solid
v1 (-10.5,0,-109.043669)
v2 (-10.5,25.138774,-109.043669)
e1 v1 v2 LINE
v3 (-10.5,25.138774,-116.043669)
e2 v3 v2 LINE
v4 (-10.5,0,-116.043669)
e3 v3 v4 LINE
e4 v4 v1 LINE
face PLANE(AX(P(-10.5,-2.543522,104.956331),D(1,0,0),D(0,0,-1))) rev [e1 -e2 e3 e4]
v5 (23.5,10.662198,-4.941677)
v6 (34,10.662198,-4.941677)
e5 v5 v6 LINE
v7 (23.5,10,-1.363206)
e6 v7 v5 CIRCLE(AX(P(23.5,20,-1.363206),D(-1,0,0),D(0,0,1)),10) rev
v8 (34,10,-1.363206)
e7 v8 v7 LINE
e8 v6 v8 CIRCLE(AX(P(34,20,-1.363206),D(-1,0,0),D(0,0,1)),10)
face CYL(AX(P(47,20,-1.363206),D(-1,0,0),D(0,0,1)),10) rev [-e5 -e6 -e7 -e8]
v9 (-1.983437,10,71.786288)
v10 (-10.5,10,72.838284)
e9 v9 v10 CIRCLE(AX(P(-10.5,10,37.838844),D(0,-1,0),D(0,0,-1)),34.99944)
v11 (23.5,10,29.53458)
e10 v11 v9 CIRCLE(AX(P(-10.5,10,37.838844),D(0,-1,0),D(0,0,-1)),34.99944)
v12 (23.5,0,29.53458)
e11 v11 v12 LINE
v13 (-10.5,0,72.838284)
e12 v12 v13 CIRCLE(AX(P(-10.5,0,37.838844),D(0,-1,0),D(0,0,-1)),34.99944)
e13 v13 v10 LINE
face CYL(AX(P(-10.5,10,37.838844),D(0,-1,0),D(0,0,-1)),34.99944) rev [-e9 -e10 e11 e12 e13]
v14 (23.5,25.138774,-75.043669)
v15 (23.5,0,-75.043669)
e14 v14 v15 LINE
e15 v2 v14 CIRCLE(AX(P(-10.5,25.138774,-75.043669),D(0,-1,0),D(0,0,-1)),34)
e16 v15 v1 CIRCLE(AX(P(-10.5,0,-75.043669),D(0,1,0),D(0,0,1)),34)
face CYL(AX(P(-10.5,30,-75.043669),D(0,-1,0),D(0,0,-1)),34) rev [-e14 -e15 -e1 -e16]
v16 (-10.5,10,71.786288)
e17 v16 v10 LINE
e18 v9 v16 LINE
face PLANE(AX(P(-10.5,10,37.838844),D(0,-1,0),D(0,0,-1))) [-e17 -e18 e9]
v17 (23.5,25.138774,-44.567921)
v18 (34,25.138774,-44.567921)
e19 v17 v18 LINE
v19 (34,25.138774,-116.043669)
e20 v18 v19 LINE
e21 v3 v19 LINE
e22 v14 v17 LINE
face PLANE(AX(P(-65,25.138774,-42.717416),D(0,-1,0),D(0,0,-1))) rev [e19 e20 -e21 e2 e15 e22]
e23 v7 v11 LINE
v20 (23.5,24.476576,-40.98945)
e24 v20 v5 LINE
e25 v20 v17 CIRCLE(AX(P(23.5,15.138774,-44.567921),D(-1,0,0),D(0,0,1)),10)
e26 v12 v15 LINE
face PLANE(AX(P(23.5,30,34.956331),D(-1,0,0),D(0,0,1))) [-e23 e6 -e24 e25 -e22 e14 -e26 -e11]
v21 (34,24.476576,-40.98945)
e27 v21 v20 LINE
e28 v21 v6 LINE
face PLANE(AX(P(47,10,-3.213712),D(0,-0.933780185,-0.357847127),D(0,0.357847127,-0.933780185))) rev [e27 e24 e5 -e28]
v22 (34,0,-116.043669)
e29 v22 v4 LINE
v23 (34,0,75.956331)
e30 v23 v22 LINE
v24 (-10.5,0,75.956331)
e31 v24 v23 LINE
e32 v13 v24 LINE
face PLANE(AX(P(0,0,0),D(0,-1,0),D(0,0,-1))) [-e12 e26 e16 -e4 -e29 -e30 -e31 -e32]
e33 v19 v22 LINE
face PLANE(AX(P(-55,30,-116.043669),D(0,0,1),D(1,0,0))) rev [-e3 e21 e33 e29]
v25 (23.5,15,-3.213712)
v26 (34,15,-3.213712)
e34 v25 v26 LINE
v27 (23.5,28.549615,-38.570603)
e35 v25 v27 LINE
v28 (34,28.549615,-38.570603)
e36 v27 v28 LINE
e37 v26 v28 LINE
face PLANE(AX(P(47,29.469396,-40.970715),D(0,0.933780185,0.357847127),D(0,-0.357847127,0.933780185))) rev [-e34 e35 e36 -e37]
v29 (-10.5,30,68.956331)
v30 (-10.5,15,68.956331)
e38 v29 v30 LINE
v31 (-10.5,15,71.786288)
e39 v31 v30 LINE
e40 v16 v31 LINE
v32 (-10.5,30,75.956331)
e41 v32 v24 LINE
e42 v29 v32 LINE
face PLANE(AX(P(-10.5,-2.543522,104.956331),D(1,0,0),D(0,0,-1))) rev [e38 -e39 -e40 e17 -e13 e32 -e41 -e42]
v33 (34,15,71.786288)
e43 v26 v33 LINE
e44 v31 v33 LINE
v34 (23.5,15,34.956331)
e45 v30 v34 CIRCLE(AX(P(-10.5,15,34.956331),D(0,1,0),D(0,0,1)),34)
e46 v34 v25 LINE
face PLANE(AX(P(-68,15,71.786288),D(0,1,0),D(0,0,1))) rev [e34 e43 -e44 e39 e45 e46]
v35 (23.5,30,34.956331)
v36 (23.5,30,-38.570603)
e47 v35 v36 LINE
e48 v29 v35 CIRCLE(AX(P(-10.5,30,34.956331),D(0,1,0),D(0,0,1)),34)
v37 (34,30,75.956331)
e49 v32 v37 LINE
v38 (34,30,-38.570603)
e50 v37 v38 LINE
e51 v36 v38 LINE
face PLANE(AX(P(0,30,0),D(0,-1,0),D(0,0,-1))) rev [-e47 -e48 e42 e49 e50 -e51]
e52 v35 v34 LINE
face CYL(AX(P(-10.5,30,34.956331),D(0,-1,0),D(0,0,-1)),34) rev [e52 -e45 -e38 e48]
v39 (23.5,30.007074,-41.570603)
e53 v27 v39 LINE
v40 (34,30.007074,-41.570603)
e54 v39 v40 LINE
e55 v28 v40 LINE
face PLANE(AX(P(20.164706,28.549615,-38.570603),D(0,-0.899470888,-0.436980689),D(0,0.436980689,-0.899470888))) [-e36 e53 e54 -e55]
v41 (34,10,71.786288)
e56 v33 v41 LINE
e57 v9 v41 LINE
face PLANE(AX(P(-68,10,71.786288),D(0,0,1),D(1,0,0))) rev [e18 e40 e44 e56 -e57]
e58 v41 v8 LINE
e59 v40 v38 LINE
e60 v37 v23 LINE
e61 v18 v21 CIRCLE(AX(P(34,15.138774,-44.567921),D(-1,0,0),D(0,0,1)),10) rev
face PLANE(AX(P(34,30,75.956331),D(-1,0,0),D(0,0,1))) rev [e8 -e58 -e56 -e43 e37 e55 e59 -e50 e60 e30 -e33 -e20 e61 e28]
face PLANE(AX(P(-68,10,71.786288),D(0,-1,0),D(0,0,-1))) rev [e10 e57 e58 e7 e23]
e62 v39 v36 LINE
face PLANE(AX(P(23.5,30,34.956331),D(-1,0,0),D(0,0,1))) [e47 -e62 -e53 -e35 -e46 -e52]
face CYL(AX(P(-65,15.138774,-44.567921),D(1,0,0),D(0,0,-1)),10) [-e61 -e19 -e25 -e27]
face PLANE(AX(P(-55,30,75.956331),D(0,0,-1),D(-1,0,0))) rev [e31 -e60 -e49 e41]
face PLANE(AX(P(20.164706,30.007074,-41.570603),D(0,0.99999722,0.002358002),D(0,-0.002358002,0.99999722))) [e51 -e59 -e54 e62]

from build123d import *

# Parameters (mm, degrees)
SKETCH1_W           = 89
SKETCH1_H           = 192
BOSS_EXTRUDE1_DEPTH = 30
SKETCH2_R           = 34.99943994
CUT_EXTRUDE1_DEPTH  = 10
SKETCH3_W           = 75
SKETCH3_H           = 5
CUT_EXTRUDE2_DEPTH  = 102
CUT_EXTRUDE4_DEPTH  = 102
SKETCH6_W           = 10.5
SKETCH6_H           = 4
CUT_EXTRUDE7_DEPTH  = 8
BOSS_EXTRUDE2_DEPTH = 10.5
CUT_EXTRUDE8_DEPTH  = 20.767757578
BOSS_EXTRUDE3_DEPTH = 10.5
CUT_EXTRUDE9_DEPTH  = 22.812544275
BOSS_EXTRUDE6_DEPTH = 10.5
BOSS_EXTRUDE7_DEPTH = 10.5
FILLET1_R           = 10
FILLET2_R           = 10
FILLET3_R           = 10
FILLET4_R           = 10
CUT_EXTRUDE11_DEPTH = 99
SKETCH15_W          = 7.554212703
SKETCH15_H          = 3.259234926
CUT_EXTRUDE12_DEPTH = 99
FILLET5_R           = 10
SKETCH16_W          = 51.485854904
SKETCH16_H          = 41.780762453
CUT_EXTRUDE13_DEPTH = 221


with BuildPart() as part:
    # Sketch1 → Boss-Extrude1 (new body)
    with BuildSketch(Plane(origin=(0, 0, 0), x_dir=(1, 0, 0), z_dir=(0, 1, 0))):
        with Locations((-10.5, 20.043668932)):
            Rectangle(SKETCH1_W, SKETCH1_H)
        with BuildLine():
            Line((-44.5, -34.956331068), (-44.5, 75.043668932))
            ThreePointArc((-44.5, 75.043668932), (-10.5, 109.043668932), (23.5, 75.043668932))
            Line((23.5, 75.043668932), (23.5, -34.956331068))
            ThreePointArc((23.5, -34.956331068), (-10.5, -68.956331068), (-44.5, -34.956331068))
        make_face(mode=Mode.SUBTRACT)
    extrude(amount=BOSS_EXTRUDE1_DEPTH)

    # Sketch2 → Cut-Extrude1 (cut)
    with BuildSketch(Plane.XZ):
        with Locations((-10.5, 37.838844027)):
            Circle(SKETCH2_R)
    extrude(amount=-CUT_EXTRUDE1_DEPTH, mode=Mode.SUBTRACT)

    # Sketch3 → Cut-Extrude2 (cut)
    with BuildSketch(Plane(origin=(34, 0, 0), x_dir=(0, 0, -1), z_dir=(1, 0, 0))):
        with Locations((-34.286288065, 12.5)):
            Rectangle(SKETCH3_W, SKETCH3_H)
    extrude(amount=-CUT_EXTRUDE2_DEPTH, mode=Mode.SUBTRACT)

    # Sketch4 → Cut-Extrude4 (cut)
    with BuildSketch(Plane.ZY.offset(55)):
        Polygon((-40.970715348, 29.469395922), (-41.211628541, 24.561719678), (-3.213711935, 10), (-3.213711935, 15), align=None)
    extrude(amount=-CUT_EXTRUDE4_DEPTH, mode=Mode.SUBTRACT)

    # Sketch6 → Cut-Extrude7 (cut)
    with BuildSketch(Plane(origin=(0, 30, 0), x_dir=(1, 0, 0), z_dir=(0, 1, 0))):
        with Locations((-49.75, 40.570603007)):
            Rectangle(SKETCH6_W, SKETCH6_H)
        with Locations((28.75, 40.570603007)):
            Rectangle(SKETCH6_W, SKETCH6_H)
    extrude(amount=-CUT_EXTRUDE7_DEPTH, mode=Mode.SUBTRACT)

    # Sketch7 → Boss-Extrude2 (add)
    with BuildSketch(Plane.ZY.offset(55)):
        Polygon((-38.570603007, 23.549614886), (-42.570603007, 25.082511526), (-42.570603007, 22), (-38.570603007, 22), align=None)
    extrude(amount=-BOSS_EXTRUDE2_DEPTH)

    # Sketch8 → Cut-Extrude8 (cut)
    with BuildSketch(Plane.ZY.offset(55)):
        Polygon((-42.570603007, 25.082511526), (-55.402488324, 30), (-42.570603007, 30), align=None)
    extrude(amount=-CUT_EXTRUDE8_DEPTH, mode=Mode.SUBTRACT)

    # Sketch9 → Boss-Extrude3 (add)
    with BuildSketch(Plane(origin=(34, 0, 0), x_dir=(0, 0, -1), z_dir=(1, 0, 0))):
        Polygon((38.570603007, 23.549614886), (42.570603007, 25.082511526), (42.570603007, 22), (38.570603007, 22), align=None)
    extrude(amount=-BOSS_EXTRUDE3_DEPTH)

    # Sketch10 → Cut-Extrude9 (cut)
    with BuildSketch(Plane(origin=(34, 0, 0), x_dir=(0, 0, -1), z_dir=(1, 0, 0))):
        Polygon((42.570603007, 25.082511526), (55.402488324, 30), (42.570603007, 30), align=None)
    extrude(amount=-CUT_EXTRUDE9_DEPTH, mode=Mode.SUBTRACT)

    # Sketch12 → Boss-Extrude6 (add)
    with BuildSketch(Plane.ZY.offset(55)):
        Polygon((-38.570603007, 30), (-41.570603007, 30), (-38.570603007, 28.549614886), align=None)
    extrude(amount=-BOSS_EXTRUDE6_DEPTH)

    # Sketch11 → Boss-Extrude7 (add)
    with BuildSketch(Plane(origin=(34, 0, 0), x_dir=(0, 0, -1), z_dir=(1, 0, 0))):
        Polygon((38.570603007, 28.549614886), (41.570603007, 30.007074027), (38.570603007, 30), align=None)
    extrude(amount=-BOSS_EXTRUDE7_DEPTH)

    # Fillet1
    fillet1_edges = [part.edges().sort_by_distance(p)[0] for p in [
        (-49.75, 30, -55.402488324),
    ]]
    fillet(fillet1_edges, radius=FILLET1_R)

    # Fillet2
    fillet2_edges = [part.edges().sort_by_distance(p)[0] for p in [
        (28.75, 30, -55.402488324),
    ]]
    fillet(fillet2_edges, radius=FILLET2_R)

    # Fillet3
    fillet3_edges = [part.edges().sort_by_distance(p)[0] for p in [
        (-49.75, 10, -3.213711935),
    ]]
    fillet(fillet3_edges, radius=FILLET3_R)

    # Fillet4
    fillet4_edges = [part.edges().sort_by_distance(p)[0] for p in [
        (28.75, 10, -3.213711935),
    ]]
    fillet(fillet4_edges, radius=FILLET4_R)

    # Sketch14 → Cut-Extrude11 (cut)
    with BuildSketch(Plane(origin=(34, 0, 0), x_dir=(0, 0, -1), z_dir=(1, 0, 0))):
        Polygon((42.717415751, 25.138773717), (116.043668932, 25.138773717), (116.043668932, 30), (57.252994033, 30), (53.674522762, 29.337801849), align=None)
    extrude(amount=-CUT_EXTRUDE11_DEPTH, mode=Mode.SUBTRACT)


with BuildPart() as cut_extrude11_piece_1:
    # of the separate pieces the step leaves, piece 1, a body of its own (cut_extrude11_pieces)
    add(part.part.solids().sort_by_distance((23.5, 25.138773717, -42.717415751))[0])

    # Fillet5
    fillet5_edges = [cut_extrude11_piece_1.edges().sort_by_distance(p)[0] for p in [
        (-49.75, 25.138773717, -42.717415751),
        (28.75, 25.138773717, -42.717415751),
    ]]
    fillet(fillet5_edges, radius=FILLET5_R)

    # Sketch16 → Cut-Extrude13 (cut)
    with BuildSketch(Plane(origin=(0, 0, -116.043668932), x_dir=(-1, 0, 0), z_dir=(0, 0, -1))):
        with Locations((36.242927452, 18.346859621)):
            Rectangle(SKETCH16_W, SKETCH16_H)
    extrude(amount=-CUT_EXTRUDE13_DEPTH, mode=Mode.SUBTRACT)


with BuildPart() as cut_extrude11_piece_2:
    # of the separate pieces the step leaves, piece 2, a body of its own (cut_extrude11_pieces)
    add(part.part.solids().sort_by_distance((23.5, 30, -57.252994033))[0])


with BuildPart() as cut_extrude11_piece_3:
    # of the separate pieces the step leaves, piece 3, a body of its own (cut_extrude11_pieces)
    add(part.part.solids().sort_by_distance((-55, 30, -57.252994033))[0])


with BuildPart() as cut_extrude12_tool:
    # Sketch15 → Cut-Extrude12 (new body)
    with BuildSketch(Plane(origin=(34, 0, 0), x_dir=(0, 0, -1), z_dir=(1, 0, 0))):
        with Locations((54.846987071, 29.864387296)):
            Rectangle(SKETCH15_W, SKETCH15_H)
    extrude(amount=-CUT_EXTRUDE12_DEPTH)


with BuildPart() as cut_extrude11_piece_2_1:
    add(cut_extrude11_piece_2.part)

    # Cut-Extrude12: cut by cut_extrude12_tool
    add(cut_extrude12_tool.part, mode=Mode.SUBTRACT)


with BuildPart() as cut_extrude11_piece_3_1:
    add(cut_extrude11_piece_3.part)

    # Cut-Extrude12: cut by cut_extrude12_tool
    add(cut_extrude12_tool.part, mode=Mode.SUBTRACT)


solid = cut_extrude11_piece_1.part
